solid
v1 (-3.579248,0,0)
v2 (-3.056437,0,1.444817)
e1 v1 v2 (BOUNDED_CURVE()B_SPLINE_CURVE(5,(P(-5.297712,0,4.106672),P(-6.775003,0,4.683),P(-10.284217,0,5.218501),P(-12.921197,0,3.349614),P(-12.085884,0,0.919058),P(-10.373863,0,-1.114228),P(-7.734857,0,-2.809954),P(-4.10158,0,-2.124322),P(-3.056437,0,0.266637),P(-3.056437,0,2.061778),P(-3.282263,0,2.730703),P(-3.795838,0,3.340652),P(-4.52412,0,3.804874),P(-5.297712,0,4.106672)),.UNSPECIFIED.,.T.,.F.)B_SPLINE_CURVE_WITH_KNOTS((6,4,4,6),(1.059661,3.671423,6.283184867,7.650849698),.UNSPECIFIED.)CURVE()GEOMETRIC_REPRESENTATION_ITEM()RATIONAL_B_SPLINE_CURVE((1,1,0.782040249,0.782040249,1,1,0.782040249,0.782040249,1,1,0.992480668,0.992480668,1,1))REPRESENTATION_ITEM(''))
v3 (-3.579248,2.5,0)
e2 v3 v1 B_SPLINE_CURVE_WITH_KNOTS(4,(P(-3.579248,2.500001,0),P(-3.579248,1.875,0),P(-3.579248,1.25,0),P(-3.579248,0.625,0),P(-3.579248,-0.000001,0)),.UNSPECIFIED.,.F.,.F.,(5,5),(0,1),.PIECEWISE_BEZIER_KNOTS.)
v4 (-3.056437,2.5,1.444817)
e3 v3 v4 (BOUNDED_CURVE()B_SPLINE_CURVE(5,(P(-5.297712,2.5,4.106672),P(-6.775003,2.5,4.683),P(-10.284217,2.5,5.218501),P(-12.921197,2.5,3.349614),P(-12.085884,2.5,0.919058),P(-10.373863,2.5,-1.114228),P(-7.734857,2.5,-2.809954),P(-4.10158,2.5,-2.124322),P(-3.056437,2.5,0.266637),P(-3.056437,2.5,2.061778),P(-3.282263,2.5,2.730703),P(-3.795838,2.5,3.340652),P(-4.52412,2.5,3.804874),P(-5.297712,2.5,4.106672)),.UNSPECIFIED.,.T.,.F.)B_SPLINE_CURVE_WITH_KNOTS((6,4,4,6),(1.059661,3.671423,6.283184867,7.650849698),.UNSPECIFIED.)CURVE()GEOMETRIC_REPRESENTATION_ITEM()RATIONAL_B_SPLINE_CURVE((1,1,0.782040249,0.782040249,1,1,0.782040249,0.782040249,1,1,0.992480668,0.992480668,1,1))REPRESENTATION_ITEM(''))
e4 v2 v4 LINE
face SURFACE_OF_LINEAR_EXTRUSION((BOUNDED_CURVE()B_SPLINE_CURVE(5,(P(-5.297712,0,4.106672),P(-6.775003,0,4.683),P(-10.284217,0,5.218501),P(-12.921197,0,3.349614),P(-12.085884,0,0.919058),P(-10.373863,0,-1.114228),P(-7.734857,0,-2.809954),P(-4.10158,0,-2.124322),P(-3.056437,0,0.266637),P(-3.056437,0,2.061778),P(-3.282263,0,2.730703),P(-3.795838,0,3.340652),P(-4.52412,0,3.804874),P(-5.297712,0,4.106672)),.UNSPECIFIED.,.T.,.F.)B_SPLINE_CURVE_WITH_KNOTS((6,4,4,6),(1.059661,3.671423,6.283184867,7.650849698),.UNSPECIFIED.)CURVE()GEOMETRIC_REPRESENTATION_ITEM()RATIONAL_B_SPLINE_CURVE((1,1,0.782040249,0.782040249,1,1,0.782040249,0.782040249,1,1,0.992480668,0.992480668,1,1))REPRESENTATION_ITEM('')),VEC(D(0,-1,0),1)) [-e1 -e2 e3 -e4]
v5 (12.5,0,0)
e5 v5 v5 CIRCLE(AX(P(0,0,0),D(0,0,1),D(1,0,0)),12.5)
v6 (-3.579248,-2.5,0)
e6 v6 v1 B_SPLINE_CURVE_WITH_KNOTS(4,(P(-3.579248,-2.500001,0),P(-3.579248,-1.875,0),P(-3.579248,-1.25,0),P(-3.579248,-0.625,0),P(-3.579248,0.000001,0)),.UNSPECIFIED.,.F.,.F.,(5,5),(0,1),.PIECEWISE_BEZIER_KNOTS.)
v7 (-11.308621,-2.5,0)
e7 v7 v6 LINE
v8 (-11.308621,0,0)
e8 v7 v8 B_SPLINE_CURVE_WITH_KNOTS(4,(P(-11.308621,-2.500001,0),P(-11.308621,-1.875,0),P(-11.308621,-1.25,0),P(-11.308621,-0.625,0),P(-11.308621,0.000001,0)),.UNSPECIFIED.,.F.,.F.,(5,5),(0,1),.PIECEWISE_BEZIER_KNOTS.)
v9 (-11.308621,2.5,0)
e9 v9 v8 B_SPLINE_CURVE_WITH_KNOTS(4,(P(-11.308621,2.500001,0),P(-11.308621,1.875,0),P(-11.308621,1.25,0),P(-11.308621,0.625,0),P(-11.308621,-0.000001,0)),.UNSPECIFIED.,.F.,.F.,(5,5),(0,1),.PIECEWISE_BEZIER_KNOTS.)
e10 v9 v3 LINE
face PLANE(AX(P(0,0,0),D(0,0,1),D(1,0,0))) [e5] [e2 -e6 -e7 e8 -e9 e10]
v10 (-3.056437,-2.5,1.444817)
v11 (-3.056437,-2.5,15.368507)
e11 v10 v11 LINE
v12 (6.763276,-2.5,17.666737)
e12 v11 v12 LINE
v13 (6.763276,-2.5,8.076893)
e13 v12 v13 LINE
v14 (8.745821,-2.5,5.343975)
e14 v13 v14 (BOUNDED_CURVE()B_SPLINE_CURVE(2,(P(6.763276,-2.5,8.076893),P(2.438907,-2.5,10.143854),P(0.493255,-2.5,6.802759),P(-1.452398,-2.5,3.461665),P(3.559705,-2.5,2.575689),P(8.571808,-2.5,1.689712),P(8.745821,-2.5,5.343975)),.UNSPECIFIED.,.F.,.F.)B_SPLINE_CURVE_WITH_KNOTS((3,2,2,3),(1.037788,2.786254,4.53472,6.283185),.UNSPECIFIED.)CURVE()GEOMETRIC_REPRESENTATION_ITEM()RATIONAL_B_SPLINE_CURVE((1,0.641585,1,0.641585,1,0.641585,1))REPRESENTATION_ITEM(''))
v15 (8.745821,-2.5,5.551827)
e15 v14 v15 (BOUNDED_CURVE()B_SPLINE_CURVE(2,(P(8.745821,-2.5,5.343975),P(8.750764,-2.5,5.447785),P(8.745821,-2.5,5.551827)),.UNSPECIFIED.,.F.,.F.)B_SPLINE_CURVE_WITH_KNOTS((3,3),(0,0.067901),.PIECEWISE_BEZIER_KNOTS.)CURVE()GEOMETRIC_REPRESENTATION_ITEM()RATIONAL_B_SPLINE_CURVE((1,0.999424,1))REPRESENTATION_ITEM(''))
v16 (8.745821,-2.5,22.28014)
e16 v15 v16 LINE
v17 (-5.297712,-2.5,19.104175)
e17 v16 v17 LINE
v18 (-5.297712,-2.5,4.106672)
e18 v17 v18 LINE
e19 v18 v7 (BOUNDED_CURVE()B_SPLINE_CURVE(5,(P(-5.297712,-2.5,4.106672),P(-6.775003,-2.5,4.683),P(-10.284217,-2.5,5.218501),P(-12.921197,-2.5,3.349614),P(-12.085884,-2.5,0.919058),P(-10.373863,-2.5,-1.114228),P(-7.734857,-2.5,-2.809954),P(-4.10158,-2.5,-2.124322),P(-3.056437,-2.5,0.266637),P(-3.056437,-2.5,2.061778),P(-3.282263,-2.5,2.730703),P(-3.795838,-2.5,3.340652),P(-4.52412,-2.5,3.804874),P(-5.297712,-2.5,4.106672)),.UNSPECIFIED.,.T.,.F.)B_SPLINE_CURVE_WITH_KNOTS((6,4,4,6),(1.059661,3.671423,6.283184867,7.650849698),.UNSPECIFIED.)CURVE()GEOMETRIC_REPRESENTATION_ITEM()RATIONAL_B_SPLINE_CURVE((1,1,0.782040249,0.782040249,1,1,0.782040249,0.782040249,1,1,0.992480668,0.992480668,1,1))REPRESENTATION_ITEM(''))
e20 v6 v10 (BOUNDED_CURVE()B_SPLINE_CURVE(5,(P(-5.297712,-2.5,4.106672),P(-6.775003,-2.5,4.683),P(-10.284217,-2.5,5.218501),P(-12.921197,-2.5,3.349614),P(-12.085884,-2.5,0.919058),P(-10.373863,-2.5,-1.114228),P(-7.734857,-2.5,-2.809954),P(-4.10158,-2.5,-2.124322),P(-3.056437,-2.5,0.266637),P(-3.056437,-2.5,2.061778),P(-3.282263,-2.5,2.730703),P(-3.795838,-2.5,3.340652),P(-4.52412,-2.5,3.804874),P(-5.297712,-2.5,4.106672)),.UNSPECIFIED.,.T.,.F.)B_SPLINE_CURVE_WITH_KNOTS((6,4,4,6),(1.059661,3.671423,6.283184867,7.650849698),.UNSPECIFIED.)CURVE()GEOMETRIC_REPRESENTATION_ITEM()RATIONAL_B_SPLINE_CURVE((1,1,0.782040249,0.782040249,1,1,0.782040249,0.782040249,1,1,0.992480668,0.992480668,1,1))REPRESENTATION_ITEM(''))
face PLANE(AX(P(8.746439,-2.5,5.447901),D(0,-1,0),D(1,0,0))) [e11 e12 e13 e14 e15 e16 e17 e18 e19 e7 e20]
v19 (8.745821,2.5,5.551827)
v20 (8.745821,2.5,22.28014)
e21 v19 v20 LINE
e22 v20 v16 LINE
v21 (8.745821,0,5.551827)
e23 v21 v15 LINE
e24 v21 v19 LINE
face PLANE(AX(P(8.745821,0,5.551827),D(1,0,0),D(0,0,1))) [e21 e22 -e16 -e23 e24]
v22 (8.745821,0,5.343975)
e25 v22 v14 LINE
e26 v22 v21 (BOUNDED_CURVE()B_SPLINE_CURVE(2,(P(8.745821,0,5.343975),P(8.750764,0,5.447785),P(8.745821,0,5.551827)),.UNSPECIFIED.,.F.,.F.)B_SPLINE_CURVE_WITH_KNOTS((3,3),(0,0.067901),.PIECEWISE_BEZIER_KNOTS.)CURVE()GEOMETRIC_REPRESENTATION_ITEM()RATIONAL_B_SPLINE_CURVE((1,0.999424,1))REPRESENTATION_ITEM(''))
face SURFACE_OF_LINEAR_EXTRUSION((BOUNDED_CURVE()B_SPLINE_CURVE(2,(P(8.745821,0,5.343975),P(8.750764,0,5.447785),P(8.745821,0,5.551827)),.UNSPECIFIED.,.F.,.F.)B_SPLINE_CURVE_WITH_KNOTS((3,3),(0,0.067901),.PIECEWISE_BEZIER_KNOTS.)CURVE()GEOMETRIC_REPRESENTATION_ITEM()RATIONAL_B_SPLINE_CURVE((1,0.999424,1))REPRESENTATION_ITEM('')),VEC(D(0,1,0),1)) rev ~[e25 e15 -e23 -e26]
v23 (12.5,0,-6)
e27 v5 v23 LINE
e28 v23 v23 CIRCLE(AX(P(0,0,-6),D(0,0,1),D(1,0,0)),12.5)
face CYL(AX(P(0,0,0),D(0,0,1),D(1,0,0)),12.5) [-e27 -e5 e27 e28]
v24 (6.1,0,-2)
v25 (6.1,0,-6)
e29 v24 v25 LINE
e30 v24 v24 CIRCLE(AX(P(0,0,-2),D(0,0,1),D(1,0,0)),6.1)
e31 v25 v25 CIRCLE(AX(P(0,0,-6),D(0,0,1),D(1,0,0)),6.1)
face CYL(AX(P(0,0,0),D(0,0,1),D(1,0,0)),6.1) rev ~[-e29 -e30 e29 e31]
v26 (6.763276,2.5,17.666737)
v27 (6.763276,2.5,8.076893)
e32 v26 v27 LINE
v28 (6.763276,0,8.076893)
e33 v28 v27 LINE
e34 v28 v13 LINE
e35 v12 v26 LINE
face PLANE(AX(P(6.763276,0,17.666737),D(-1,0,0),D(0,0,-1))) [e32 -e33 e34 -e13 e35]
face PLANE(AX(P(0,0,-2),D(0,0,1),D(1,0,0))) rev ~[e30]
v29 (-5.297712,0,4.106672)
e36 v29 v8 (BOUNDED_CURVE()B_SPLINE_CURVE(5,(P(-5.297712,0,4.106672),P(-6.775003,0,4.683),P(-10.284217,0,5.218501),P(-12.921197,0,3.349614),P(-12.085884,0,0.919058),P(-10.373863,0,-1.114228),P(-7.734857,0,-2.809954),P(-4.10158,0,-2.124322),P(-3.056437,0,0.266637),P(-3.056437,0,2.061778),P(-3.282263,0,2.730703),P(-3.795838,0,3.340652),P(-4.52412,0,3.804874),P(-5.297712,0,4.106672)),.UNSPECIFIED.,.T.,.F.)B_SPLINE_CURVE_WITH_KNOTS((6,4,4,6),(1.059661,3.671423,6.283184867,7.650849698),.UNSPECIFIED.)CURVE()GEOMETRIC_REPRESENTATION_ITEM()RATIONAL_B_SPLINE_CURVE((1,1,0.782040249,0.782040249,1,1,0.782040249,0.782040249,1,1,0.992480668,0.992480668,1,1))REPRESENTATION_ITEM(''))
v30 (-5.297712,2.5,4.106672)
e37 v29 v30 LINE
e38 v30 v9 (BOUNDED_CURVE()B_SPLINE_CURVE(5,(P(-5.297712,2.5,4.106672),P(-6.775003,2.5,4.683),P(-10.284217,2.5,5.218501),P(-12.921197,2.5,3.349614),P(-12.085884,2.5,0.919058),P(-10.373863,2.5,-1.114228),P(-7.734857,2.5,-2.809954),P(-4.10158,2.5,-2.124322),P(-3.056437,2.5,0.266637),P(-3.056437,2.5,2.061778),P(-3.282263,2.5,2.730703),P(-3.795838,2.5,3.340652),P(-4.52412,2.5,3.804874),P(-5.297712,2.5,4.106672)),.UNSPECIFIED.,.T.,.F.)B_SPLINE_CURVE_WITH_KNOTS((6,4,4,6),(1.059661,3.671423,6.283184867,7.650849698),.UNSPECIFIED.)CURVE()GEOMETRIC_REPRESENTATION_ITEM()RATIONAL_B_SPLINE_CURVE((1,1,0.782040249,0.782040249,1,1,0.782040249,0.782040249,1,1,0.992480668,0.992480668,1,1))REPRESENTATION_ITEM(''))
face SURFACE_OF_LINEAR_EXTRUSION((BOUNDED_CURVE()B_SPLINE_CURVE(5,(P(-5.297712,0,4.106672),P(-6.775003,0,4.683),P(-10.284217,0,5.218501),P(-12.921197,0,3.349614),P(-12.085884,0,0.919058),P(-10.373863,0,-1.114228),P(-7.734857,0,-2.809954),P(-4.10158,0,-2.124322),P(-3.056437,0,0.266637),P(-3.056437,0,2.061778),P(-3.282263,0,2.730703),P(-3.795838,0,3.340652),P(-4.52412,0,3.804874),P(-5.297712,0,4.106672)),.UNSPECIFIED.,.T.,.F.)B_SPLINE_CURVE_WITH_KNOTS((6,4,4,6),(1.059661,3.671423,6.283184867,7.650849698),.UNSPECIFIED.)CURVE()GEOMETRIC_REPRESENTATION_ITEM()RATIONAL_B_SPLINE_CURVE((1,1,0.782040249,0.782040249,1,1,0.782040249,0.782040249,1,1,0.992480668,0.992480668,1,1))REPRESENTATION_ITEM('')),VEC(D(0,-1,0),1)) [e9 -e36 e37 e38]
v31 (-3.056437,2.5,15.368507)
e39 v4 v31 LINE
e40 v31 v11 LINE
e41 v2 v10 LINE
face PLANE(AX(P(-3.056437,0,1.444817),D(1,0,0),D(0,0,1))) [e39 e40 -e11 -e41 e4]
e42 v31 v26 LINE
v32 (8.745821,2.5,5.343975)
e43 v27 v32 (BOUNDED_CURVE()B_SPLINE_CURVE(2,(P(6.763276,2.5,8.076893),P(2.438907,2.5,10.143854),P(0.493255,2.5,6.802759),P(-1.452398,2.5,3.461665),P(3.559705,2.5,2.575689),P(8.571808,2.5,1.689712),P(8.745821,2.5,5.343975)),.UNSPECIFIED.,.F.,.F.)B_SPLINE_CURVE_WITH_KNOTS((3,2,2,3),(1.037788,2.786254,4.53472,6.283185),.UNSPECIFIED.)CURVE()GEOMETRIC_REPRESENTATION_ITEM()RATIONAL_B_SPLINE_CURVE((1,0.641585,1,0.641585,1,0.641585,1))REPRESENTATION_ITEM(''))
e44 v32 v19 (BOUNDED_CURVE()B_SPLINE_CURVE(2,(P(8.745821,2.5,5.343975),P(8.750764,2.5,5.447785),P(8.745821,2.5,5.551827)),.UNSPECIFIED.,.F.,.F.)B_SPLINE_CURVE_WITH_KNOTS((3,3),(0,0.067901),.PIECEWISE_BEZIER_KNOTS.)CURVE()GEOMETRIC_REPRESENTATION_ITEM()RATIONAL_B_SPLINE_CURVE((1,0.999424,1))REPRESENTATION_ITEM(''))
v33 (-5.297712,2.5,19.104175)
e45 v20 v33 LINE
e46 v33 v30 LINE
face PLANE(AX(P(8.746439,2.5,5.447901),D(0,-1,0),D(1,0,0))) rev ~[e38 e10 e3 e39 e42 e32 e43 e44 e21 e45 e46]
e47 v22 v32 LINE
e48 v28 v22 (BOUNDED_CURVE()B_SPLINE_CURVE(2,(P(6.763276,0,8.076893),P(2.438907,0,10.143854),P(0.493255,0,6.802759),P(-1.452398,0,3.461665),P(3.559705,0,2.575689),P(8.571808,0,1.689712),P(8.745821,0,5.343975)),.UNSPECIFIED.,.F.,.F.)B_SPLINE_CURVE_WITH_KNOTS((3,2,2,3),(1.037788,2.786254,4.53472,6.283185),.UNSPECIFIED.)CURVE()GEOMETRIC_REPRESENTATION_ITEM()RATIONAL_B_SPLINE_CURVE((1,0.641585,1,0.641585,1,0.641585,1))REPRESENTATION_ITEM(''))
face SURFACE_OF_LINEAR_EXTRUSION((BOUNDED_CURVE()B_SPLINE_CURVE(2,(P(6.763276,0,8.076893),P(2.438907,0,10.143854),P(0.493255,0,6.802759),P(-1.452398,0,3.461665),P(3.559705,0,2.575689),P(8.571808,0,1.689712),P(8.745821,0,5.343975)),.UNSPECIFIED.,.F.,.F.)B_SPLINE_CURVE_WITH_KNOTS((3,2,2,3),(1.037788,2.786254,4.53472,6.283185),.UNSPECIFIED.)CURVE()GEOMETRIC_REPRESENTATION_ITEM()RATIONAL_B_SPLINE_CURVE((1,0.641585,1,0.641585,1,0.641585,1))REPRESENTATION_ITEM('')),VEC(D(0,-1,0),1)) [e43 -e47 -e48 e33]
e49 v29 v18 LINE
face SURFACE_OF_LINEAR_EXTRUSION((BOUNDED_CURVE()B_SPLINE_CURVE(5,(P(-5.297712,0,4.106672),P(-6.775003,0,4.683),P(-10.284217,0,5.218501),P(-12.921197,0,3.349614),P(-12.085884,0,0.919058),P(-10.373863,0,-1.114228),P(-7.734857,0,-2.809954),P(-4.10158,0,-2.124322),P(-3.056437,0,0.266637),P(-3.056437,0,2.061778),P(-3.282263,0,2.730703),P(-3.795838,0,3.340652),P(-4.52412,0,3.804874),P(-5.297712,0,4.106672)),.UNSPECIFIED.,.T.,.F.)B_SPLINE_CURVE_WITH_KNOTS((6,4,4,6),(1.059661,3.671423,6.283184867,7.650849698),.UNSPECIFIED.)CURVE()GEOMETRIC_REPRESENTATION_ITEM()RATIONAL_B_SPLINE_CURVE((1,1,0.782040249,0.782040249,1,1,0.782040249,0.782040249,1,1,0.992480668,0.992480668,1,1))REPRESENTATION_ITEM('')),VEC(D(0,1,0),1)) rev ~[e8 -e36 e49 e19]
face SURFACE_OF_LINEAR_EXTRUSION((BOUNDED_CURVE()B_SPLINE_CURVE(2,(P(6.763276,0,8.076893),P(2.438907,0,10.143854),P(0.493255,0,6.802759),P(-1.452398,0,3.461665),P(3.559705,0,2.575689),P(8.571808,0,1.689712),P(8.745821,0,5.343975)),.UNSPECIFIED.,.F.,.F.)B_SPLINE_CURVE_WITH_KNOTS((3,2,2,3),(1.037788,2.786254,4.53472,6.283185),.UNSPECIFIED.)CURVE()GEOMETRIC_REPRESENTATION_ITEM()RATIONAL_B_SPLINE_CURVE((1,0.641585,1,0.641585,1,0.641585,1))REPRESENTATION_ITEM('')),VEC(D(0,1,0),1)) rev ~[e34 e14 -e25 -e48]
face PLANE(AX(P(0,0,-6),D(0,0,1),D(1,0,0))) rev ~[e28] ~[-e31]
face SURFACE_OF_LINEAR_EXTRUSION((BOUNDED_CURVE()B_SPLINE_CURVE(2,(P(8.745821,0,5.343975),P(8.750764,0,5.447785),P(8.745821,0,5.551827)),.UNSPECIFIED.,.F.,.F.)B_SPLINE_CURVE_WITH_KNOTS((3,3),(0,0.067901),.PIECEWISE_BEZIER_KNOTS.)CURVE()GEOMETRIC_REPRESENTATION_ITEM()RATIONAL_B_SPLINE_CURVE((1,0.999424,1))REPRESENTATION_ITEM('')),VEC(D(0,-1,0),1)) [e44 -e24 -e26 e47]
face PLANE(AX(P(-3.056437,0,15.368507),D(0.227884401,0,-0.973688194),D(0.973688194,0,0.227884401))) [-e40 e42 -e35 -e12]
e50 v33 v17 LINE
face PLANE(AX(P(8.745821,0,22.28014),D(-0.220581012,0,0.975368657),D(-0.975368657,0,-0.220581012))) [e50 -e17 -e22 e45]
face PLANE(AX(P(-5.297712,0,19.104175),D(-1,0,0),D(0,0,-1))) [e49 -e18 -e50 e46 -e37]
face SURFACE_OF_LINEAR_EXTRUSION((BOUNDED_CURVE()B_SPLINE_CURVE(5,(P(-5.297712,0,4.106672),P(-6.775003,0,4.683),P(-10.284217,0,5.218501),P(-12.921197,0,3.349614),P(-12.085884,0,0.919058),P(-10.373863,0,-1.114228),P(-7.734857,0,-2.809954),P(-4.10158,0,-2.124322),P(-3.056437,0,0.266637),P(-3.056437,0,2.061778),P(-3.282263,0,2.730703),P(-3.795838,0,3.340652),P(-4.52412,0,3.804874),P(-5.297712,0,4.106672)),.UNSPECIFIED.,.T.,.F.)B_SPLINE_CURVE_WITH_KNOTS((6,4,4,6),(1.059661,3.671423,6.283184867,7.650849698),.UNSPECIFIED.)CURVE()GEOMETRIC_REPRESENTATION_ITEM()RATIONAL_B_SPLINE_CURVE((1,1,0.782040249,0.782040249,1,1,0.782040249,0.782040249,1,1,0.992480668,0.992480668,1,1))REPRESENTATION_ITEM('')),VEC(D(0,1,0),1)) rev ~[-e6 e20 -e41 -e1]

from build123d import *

# Parameters (mm, degrees)
F0_R     = 12.5
F0_R_2   = 6.1
F1_DEPTH = 6
F2_DEPTH = 2
F4_DEPTH = 2.5


with BuildPart() as f1:
    # F0 (on Top) → F1 (new body)
    with BuildSketch(Plane.XY):
        Circle(F0_R)
        Circle(F0_R_2, mode=Mode.SUBTRACT)
    extrude(amount=-F1_DEPTH)

    # F0 (on Top) → F2 (join)
    with BuildSketch(Plane.XY):
        Circle(F0_R_2)
    extrude(amount=-F2_DEPTH)

    # F3 (on Front) → F4 (join, symmetric)
    with BuildSketch(Plane.XZ):
        with BuildLine():
            add(Edge.make_bspline(
                [(8.745821, 5.343975), (8.750764, 5.447785), (8.745821, 5.551827)],
                knots=[0, 0, 0, 0.067901, 0.067901, 0.067901], degree=2, weights=[1, 0.999424, 1]))
            Line((8.745821, 5.551827), (8.745821, 5.343975))
        make_face()
        with BuildLine():
            add(Edge.make_bspline(
                [(-3.056437, 1.444817), (-3.056437, 3.232295), (-5.297712, 4.106672)],
                knots=[0, 0, 0, 1.059661, 1.059661, 1.059661], degree=2, weights=[1, 0.862893, 1]))
            add(Edge.make_bspline(
                [(-5.297712, 4.106672), (-19.40331, 9.609614), (-11.229873, -0.097585), (-3.056437, -9.804784), (-3.056437, 1.444817)],
                knots=[1.059661, 1.059661, 1.059661, 3.671423, 3.671423, 6.283185, 6.283185, 6.283185], degree=2, weights=[1, 0.261827, 1, 0.261827, 1]))
        make_face()
        with BuildLine():
            Line((8.745821, 5.343975), (8.745821, 5.551827))
            add(Edge.make_bspline(
                [(8.745821, 5.551827), (8.669129, 7.165933), (6.763276, 8.076893)],
                knots=[0.067901, 0.067901, 0.067901, 1.037788, 1.037788, 1.037788], degree=2, weights=[1, 0.884701, 1]))
            add(Edge.make_bspline(
                [(6.763276, 8.076893), (2.438907, 10.143854), (0.493255, 6.802759), (-1.452398, 3.461665), (3.559705, 2.575689), (8.571808, 1.689712), (8.745821, 5.343975)],
                knots=[1.037788, 1.037788, 1.037788, 2.786254, 2.786254, 4.53472, 4.53472, 6.283185, 6.283185, 6.283185], degree=2, weights=[1, 0.641585, 1, 0.641585, 1, 0.641585, 1]))
        make_face()
        with BuildLine():
            Line((8.745821, 22.28014), (-5.297712, 19.104175))
            Line((-5.297712, 19.104175), (-5.297712, 4.106672))
            add(Edge.make_bspline(
                [(-3.056437, 1.444817), (-3.056437, 3.232295), (-5.297712, 4.106672)],
                knots=[0, 0, 0, 1.059661, 1.059661, 1.059661], degree=2, weights=[1, 0.862893, 1]))
            Line((-3.056437, 1.444817), (-3.056437, 15.368507))
            Line((-3.056437, 15.368507), (6.763276, 17.666737))
            Line((6.763276, 17.666737), (6.763276, 8.076893))
            add(Edge.make_bspline(
                [(8.745821, 5.551827), (8.669129, 7.165933), (6.763276, 8.076893)],
                knots=[0.067901, 0.067901, 0.067901, 1.037788, 1.037788, 1.037788], degree=2, weights=[1, 0.884701, 1]))
            Line((8.745821, 5.551827), (8.745821, 22.28014))
        make_face()
    extrude(amount=F4_DEPTH, both=True)


solid = f1.part
